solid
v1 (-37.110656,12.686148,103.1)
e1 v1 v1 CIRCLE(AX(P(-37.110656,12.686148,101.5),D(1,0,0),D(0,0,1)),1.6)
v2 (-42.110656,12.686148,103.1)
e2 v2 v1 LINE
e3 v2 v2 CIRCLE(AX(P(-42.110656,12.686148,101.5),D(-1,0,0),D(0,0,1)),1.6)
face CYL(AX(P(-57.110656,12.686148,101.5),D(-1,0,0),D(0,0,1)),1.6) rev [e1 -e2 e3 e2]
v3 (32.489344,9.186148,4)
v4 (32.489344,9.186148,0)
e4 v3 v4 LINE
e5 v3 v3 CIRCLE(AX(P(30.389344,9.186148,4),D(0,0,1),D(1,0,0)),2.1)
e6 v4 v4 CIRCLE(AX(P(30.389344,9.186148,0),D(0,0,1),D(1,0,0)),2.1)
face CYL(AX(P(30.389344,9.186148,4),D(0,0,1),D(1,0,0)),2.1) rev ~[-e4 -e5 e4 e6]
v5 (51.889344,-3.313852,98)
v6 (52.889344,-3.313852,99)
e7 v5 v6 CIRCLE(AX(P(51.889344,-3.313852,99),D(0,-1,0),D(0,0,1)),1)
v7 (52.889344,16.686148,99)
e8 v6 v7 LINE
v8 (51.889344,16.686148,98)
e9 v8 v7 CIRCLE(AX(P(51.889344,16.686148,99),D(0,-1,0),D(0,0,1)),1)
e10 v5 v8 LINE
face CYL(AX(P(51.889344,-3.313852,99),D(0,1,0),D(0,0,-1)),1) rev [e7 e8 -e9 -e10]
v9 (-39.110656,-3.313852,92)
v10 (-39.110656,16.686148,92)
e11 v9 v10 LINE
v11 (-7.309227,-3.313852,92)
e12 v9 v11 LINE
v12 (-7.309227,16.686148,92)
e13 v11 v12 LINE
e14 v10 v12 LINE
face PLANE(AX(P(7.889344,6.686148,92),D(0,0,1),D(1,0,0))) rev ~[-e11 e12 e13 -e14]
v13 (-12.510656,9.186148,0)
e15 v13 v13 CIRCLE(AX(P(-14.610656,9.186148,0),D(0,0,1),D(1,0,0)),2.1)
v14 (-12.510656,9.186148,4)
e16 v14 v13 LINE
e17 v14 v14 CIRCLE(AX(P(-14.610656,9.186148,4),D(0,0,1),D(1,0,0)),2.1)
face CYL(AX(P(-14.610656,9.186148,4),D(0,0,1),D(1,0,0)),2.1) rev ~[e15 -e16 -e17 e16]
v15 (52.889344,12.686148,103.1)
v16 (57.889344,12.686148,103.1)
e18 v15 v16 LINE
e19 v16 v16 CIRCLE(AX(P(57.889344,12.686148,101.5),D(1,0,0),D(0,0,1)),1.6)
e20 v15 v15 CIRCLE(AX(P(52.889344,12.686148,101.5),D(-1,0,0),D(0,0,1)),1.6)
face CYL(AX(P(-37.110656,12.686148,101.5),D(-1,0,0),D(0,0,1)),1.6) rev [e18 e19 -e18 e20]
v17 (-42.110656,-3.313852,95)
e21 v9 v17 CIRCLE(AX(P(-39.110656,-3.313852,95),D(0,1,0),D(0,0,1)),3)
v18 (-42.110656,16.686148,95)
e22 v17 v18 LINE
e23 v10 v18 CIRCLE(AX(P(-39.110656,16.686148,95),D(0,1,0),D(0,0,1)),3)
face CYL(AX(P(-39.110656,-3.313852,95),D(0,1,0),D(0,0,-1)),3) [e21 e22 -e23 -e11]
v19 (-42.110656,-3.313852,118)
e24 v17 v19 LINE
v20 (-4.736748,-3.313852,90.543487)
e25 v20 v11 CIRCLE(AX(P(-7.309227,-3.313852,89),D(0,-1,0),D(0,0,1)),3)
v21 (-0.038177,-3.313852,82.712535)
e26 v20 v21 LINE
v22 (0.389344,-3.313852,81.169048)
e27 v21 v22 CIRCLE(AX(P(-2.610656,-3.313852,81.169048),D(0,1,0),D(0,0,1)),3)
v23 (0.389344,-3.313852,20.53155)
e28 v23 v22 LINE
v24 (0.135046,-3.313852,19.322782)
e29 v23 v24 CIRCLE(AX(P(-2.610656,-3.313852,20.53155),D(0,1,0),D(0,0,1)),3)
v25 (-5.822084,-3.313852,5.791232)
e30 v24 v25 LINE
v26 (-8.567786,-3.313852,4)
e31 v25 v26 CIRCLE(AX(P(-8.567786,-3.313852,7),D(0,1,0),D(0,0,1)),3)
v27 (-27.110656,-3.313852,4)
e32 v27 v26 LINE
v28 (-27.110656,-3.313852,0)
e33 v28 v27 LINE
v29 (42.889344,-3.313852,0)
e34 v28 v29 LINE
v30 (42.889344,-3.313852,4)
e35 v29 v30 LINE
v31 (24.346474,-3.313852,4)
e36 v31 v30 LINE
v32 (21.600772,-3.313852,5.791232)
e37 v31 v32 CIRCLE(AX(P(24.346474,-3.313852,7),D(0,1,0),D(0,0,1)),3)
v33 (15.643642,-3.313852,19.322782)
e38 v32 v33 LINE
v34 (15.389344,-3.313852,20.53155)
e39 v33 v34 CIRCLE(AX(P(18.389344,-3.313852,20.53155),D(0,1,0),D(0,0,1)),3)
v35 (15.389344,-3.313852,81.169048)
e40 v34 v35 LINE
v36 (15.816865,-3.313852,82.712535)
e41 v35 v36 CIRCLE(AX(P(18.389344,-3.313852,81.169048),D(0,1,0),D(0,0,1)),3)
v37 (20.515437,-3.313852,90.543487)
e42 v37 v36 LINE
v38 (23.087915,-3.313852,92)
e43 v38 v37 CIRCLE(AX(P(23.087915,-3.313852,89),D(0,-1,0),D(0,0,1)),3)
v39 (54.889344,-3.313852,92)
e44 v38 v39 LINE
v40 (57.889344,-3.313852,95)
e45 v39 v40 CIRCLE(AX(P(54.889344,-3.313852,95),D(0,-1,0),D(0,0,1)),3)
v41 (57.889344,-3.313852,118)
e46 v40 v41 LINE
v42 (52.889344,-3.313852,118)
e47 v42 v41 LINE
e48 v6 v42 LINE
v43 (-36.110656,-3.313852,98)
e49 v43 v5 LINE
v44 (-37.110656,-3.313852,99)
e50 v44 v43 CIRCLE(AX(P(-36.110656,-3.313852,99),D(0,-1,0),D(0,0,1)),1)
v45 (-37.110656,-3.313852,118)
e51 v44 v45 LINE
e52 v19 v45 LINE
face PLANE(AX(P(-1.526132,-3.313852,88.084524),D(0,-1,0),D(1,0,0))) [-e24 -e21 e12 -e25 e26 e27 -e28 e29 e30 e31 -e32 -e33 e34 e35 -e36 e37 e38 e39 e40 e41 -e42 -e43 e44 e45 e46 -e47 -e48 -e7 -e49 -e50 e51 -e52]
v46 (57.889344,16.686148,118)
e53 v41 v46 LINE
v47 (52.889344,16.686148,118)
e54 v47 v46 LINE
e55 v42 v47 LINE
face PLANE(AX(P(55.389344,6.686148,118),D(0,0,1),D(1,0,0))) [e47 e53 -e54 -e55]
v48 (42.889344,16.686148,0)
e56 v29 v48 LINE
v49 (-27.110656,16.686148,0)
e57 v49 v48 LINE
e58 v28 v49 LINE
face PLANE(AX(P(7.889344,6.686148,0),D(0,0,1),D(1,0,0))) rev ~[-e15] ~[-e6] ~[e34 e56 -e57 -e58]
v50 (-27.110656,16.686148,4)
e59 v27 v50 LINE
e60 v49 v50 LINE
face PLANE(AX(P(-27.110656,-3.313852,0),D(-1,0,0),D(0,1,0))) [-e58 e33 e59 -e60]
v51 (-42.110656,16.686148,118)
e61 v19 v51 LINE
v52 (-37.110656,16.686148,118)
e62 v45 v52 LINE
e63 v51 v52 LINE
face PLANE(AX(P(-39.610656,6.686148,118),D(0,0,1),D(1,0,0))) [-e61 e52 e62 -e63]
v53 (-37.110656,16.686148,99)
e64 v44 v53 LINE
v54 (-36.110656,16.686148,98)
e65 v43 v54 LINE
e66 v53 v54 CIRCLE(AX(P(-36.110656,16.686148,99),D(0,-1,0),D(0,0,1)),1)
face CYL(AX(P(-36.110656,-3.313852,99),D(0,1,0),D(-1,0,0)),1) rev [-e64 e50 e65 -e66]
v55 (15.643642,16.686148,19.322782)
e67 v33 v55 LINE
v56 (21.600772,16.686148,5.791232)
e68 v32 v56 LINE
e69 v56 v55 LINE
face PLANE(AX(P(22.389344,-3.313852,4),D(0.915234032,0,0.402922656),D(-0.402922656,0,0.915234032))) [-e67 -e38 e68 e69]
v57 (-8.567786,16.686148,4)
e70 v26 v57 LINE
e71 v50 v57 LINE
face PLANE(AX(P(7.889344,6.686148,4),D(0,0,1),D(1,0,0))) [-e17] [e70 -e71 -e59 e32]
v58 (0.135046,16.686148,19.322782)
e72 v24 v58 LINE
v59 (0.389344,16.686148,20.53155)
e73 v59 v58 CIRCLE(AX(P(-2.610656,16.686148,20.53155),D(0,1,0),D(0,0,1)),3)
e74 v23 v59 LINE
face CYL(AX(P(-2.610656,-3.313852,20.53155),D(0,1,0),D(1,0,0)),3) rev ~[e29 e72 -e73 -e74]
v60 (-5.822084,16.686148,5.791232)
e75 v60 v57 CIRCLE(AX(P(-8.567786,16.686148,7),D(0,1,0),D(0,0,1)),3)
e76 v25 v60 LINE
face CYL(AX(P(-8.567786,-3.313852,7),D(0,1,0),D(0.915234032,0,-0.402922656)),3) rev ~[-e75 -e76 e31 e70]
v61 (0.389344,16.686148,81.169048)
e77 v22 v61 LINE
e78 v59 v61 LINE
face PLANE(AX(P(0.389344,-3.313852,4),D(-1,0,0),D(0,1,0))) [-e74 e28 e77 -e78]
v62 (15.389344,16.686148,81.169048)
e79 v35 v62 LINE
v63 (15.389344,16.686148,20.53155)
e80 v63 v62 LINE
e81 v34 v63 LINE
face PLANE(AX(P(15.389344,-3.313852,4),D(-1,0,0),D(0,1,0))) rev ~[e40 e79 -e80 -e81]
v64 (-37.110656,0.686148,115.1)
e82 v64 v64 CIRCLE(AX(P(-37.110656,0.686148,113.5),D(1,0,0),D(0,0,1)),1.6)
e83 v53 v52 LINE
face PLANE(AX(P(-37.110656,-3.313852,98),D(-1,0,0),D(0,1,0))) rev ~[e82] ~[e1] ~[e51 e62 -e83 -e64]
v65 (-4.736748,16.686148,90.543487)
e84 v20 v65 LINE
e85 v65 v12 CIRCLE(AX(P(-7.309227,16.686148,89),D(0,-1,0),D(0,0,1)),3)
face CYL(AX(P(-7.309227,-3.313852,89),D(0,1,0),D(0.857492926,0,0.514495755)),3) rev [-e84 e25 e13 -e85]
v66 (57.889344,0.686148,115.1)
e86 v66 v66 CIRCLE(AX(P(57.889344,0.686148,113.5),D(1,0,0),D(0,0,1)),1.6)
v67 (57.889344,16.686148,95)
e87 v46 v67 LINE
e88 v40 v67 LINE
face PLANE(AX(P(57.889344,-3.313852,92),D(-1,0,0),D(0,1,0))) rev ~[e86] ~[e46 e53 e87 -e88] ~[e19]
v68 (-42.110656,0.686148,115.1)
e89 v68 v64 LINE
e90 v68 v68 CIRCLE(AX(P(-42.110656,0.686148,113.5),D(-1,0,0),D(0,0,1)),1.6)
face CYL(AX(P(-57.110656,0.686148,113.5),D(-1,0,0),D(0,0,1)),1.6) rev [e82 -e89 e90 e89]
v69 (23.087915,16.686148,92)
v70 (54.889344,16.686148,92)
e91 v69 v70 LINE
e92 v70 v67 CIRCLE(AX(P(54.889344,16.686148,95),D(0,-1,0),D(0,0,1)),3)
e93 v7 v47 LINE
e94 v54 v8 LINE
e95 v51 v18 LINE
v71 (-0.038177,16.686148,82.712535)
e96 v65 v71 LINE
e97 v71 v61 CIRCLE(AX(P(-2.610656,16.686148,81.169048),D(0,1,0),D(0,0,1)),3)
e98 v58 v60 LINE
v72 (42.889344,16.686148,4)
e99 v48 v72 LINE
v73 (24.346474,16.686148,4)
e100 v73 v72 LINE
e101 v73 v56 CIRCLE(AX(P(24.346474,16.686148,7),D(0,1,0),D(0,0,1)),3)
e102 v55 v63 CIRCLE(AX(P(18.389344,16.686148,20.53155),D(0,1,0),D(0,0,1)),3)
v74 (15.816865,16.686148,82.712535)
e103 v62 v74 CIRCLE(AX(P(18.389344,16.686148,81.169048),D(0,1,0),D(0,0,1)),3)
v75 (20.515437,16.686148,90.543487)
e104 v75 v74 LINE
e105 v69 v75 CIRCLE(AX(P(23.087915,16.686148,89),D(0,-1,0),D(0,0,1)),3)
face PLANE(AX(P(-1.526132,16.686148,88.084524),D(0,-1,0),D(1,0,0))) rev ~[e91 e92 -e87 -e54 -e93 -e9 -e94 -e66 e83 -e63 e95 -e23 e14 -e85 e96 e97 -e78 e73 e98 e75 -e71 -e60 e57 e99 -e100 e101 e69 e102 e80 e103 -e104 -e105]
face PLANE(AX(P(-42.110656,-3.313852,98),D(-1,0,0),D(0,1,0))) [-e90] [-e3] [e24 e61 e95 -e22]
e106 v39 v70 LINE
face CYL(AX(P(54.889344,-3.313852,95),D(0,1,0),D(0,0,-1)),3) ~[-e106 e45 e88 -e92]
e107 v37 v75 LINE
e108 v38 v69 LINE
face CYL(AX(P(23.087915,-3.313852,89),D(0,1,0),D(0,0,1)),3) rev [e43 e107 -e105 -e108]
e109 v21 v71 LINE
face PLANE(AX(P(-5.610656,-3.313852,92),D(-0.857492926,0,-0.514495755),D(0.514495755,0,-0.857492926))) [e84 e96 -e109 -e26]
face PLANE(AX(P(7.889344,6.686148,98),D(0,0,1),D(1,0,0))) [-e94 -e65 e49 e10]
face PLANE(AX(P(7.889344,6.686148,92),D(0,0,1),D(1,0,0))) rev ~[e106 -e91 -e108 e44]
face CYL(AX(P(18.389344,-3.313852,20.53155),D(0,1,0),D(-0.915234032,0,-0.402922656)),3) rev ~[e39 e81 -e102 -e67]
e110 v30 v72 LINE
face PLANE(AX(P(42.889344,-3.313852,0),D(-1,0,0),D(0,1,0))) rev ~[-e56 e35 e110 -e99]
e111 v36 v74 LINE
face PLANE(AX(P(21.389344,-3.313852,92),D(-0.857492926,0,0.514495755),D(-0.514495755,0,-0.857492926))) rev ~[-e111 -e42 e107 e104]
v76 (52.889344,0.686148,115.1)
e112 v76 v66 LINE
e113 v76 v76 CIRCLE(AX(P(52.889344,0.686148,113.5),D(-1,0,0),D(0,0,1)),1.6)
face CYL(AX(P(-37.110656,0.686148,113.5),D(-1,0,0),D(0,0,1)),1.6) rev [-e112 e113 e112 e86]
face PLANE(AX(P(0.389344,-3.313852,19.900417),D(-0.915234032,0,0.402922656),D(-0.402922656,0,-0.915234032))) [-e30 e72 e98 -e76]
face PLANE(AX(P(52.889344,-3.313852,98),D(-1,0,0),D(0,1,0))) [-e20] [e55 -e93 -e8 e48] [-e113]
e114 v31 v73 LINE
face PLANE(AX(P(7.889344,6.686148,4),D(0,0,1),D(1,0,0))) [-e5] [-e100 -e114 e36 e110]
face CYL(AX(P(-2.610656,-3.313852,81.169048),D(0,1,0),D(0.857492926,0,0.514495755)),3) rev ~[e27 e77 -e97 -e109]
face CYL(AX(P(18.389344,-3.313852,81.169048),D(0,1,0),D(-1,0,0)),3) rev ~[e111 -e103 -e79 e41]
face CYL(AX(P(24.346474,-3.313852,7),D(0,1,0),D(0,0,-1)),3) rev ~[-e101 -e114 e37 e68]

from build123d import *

# Parameters (mm, degrees)
SKETCH_1_W          = 70
SKETCH_1_H          = 20
EXTRUDE_1_DEPTH     = 4
SKETCH_2_R          = 2.1
CUT_EXTRUDE_1_DEPTH = 4
SKETCH_3_W          = 15
SKETCH_3_H          = 20
EXTRUDE_2_DEPTH     = 88
SKETCH_4_W          = 100
SKETCH_4_H          = 20
EXTRUDE_3_DEPTH     = 6
SKETCH_5_W          = 5
SKETCH_5_H          = 20
EXTRUDE_4_DEPTH     = 20
SKETCH_6_R          = 1.6
CUT_EXTRUDE_2_DEPTH = 95
CUT_EXTRUDE_START   = -20
SKETCH_6_2_R        = 1.6
CUT_EXTRUDE_3_DEPTH = 20
EXTRUDE_5_DEPTH     = 20
EXTRUDE_6_DEPTH     = 20
FILLET_1_R          = 3
FILLET_2_R          = 1


with BuildPart() as part:
    # 草图1 → 凸台-拉伸1 (new body)
    with BuildSketch(Plane.XY):
        with Locations((7.889344262, 6.686147681)):
            Rectangle(SKETCH_1_W, SKETCH_1_H)
    extrude(amount=EXTRUDE_1_DEPTH)

    # 草图2 → 切除-拉伸1 (cut)
    with BuildSketch(Plane.XY.offset(4)):
        with Locations((-14.610655738, 9.186147681)):
            Circle(SKETCH_2_R)
        with Locations((30.389344262, 9.186147681)):
            Circle(SKETCH_2_R)
    extrude(amount=-CUT_EXTRUDE_1_DEPTH, mode=Mode.SUBTRACT)

    # 草图3 → 凸台-拉伸2 (add)
    with BuildSketch(Plane.XY.offset(4)):
        with Locations((7.889344262, 6.686147681)):
            Rectangle(SKETCH_3_W, SKETCH_3_H)
    extrude(amount=EXTRUDE_2_DEPTH)

    # 草图4 → 凸台-拉伸3 (add)
    with BuildSketch(Plane.XY.offset(92)):
        with Locations((7.889344262, 6.686147681)):
            Rectangle(SKETCH_4_W, SKETCH_4_H)
    extrude(amount=EXTRUDE_3_DEPTH)

    # 草图5 → 凸台-拉伸4 (add)
    with BuildSketch(Plane.XY.offset(98)):
        with Locations((-39.610655738, 6.686147681)):
            Rectangle(SKETCH_5_W, SKETCH_5_H)
        with Locations((55.389344262, 6.686147681)):
            Rectangle(SKETCH_5_W, SKETCH_5_H)
    extrude(amount=EXTRUDE_4_DEPTH)

    # 草图6 → 切除-拉伸2 (cut)
    with BuildSketch(Plane(origin=(-37.110655738, 0, 0), x_dir=(0, 0, -1), z_dir=(1, 0, 0))):
        with Locations(Location((-101.5, 12.686147681, 0), (0, 0, 180))):
            Circle(SKETCH_6_R)
        with Locations(Location((-113.5, 0.686147681, 0), (0, 0, 180))):
            Circle(SKETCH_6_R)
    extrude(amount=CUT_EXTRUDE_2_DEPTH, mode=Mode.SUBTRACT)

    # 草图6<2> → 切除-拉伸3 (cut)
    with BuildSketch(Plane(origin=(-37.110655738, 0, 0), x_dir=(0, 0, -1), z_dir=(1, 0, 0)).offset(CUT_EXTRUDE_START)):
        with Locations(Location((-101.5, 12.686147681, 0), (0, 0, 180))):
            Circle(SKETCH_6_2_R)
        with Locations(Location((-113.5, 0.686147681, 0), (0, 0, 180))):
            Circle(SKETCH_6_2_R)
    extrude(amount=CUT_EXTRUDE_3_DEPTH, mode=Mode.SUBTRACT)

    # 草图7 → 凸台-拉伸5 (add)
    with BuildSketch(Plane.XZ.offset(3.313852319)):
        Polygon((0.389344262, 4), (0.389344262, 19.90041694), (-6.610655738, 4), align=None)
        Polygon((15.389344262, 4), (22.389344262, 4), (15.389344262, 19.90041694), align=None)
    extrude(amount=-EXTRUDE_5_DEPTH)

    # 草图8 → 凸台-拉伸6 (add)
    with BuildSketch(Plane.XZ.offset(3.313852319)):
        Polygon((-5.610655738, 92), (0.389344262, 82), (0.389344262, 92), align=None)
        Polygon((15.389344262, 82), (15.389344262, 92), (21.389344262, 92), align=None)
    extrude(amount=-EXTRUDE_6_DEPTH)

    # 圆角1
    fillet_1_edges = [part.edges().sort_by_distance(p)[0] for p in [
        (-6.610655738, 6.686147681, 4),
        (0.389344262, 6.686147681, 19.90041694),
        (15.389344262, 6.686147681, 19.90041694),
        (22.389344262, 6.686147681, 4),
        (-5.610655738, 6.686147681, 92),
        (0.389344262, 6.686147681, 82),
        (21.389344262, 6.686147681, 92),
        (15.389344262, 6.686147681, 82),
        (-42.110655738, 6.686147681, 92),
        (57.889344262, 6.686147681, 92),
    ]]
    fillet(fillet_1_edges, radius=FILLET_1_R)

    # 圆角2
    fillet_2_edges = [part.edges().sort_by_distance(p)[0] for p in [
        (-37.110655738, 6.686147681, 98),
        (52.889344262, 6.686147681, 98),
    ]]
    fillet(fillet_2_edges, radius=FILLET_2_R)


solid = part.part
